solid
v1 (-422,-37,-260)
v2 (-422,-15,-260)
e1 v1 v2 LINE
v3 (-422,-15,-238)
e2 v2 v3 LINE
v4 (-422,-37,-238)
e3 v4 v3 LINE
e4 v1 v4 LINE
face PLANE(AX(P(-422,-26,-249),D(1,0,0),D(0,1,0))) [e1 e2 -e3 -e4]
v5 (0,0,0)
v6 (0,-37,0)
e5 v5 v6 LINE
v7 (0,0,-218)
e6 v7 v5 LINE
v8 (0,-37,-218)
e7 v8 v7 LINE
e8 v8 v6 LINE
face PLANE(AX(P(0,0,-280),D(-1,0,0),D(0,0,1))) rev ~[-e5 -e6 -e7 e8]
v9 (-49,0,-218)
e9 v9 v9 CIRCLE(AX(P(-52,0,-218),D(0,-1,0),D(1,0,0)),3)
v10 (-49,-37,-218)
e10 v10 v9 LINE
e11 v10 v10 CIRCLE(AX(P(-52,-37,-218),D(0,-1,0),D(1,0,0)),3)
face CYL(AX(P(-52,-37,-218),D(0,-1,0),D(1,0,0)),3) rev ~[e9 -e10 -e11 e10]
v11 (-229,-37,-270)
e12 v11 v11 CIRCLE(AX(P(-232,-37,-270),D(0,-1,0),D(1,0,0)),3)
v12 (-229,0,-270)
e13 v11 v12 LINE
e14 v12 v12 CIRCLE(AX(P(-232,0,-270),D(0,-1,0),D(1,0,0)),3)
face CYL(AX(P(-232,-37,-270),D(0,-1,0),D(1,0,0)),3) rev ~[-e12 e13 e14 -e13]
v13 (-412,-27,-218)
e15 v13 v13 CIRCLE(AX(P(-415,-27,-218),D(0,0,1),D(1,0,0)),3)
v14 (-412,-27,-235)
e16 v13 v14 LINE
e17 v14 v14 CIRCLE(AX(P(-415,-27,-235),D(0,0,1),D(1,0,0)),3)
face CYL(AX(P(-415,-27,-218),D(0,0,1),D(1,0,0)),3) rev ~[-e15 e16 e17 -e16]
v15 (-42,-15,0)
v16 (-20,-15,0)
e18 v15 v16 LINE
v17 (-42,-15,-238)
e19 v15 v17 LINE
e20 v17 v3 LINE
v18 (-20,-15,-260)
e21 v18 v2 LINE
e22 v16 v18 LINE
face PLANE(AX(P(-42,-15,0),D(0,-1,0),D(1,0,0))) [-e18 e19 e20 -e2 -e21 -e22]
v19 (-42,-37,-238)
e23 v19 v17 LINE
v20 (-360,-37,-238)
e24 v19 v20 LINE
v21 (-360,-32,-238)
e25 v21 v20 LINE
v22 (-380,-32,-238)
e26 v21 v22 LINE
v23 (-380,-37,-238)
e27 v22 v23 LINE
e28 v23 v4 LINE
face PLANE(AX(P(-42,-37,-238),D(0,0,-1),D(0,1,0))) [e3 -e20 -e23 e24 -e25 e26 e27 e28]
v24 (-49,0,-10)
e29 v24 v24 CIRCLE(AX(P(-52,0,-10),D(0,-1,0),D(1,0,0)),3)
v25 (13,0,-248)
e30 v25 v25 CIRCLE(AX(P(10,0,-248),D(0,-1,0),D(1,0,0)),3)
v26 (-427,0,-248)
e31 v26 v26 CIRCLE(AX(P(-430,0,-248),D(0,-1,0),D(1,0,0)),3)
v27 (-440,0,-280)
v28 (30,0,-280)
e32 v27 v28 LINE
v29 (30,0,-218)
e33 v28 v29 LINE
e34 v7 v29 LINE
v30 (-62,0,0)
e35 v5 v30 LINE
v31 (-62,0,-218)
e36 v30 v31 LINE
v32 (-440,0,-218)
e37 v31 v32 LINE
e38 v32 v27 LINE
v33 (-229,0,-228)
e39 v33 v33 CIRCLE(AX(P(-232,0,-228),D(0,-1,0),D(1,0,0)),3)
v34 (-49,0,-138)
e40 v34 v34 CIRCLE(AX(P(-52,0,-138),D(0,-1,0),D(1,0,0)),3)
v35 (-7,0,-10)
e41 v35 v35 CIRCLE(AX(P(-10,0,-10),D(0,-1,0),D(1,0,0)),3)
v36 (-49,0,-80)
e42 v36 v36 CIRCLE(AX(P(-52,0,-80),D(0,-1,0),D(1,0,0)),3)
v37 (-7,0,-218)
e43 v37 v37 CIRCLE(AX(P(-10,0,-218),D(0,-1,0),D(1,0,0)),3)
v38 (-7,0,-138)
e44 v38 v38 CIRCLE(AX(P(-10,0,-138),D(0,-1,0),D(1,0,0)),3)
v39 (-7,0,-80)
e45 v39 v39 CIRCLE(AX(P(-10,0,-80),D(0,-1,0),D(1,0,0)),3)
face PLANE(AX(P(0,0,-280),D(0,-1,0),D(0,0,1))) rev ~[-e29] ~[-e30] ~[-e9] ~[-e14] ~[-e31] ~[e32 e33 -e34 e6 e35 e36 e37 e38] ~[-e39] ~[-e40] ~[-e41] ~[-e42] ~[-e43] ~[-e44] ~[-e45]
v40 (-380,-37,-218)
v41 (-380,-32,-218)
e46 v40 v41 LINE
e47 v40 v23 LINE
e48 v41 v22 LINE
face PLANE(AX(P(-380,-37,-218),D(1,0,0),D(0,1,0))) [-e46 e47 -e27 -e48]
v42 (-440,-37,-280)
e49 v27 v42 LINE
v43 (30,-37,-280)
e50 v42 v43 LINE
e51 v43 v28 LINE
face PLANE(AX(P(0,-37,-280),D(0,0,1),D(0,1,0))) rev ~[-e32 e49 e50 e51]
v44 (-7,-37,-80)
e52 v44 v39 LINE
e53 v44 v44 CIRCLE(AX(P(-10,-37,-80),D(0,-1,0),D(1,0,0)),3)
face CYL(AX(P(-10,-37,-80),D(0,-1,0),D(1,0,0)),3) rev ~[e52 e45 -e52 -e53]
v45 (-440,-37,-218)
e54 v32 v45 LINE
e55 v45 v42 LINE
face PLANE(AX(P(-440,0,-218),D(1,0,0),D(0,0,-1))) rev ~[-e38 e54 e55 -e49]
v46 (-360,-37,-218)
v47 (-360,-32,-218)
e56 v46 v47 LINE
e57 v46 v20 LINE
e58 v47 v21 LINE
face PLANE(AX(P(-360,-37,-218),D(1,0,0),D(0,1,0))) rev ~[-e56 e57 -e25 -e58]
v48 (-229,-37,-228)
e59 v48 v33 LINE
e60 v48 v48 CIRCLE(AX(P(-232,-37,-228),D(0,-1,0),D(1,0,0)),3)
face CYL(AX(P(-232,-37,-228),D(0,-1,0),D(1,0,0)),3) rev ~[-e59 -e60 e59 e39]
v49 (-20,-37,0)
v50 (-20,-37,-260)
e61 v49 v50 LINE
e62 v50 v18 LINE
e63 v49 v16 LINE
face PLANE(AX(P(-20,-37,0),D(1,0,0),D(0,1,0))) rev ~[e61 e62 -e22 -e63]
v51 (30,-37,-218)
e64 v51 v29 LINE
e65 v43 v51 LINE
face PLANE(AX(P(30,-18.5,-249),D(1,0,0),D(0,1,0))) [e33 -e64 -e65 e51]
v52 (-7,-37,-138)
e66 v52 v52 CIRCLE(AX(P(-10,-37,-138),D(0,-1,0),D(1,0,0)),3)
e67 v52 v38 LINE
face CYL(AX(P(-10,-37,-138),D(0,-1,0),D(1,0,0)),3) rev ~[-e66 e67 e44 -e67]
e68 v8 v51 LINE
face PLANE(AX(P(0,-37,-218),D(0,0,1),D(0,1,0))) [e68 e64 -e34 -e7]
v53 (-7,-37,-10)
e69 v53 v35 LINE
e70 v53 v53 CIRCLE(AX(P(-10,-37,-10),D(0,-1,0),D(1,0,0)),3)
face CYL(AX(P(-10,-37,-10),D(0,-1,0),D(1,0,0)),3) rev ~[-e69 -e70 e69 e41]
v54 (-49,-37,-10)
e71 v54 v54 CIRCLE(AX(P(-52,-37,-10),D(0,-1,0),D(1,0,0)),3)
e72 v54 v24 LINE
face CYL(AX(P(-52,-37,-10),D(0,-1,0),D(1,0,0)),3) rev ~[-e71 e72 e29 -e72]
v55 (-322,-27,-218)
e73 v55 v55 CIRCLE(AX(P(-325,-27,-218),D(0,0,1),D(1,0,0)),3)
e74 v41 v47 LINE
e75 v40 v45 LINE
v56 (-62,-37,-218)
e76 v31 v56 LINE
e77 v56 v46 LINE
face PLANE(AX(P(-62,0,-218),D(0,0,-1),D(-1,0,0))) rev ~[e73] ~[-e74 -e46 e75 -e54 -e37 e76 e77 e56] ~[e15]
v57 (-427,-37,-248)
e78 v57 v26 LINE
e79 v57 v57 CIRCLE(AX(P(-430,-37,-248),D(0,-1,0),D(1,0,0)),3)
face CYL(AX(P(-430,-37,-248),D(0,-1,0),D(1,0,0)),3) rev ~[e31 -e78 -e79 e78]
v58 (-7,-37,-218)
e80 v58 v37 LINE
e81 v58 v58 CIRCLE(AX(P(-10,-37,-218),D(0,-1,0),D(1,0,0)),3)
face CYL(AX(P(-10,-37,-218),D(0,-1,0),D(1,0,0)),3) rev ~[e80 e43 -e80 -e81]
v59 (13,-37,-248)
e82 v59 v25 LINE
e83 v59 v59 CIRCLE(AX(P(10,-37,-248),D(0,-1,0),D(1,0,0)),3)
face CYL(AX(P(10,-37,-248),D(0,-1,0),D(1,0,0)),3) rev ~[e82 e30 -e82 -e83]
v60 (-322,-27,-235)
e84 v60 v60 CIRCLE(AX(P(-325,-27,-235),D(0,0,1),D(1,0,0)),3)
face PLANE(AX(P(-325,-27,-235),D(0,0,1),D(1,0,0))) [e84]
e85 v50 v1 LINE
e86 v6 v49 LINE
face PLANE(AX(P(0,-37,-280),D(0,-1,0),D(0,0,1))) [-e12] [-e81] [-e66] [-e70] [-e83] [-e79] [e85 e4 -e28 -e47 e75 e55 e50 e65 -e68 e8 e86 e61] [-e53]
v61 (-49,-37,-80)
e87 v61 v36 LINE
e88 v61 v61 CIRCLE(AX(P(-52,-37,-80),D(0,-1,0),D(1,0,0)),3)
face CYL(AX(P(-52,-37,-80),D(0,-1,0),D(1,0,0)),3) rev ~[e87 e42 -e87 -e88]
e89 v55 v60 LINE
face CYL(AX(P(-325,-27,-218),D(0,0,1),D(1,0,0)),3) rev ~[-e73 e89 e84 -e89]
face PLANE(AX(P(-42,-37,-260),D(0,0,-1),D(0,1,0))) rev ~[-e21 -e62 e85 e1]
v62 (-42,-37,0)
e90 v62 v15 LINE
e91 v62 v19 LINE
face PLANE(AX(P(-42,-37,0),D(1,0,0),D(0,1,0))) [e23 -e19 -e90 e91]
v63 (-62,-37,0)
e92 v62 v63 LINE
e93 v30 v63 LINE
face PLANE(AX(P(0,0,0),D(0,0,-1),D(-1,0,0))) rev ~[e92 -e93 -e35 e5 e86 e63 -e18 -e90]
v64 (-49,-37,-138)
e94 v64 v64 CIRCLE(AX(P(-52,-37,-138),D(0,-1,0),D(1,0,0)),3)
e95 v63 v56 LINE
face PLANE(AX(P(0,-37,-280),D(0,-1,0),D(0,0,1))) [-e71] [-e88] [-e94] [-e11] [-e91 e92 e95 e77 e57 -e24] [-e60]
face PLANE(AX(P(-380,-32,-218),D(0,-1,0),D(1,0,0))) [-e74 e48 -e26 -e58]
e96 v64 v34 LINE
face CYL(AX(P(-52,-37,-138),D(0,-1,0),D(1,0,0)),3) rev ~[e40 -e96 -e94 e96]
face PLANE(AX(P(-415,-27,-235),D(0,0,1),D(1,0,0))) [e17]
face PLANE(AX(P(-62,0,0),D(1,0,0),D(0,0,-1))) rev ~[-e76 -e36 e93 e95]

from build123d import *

# Parameters (mm, degrees)
F1_DEPTH  = 37
F2_W      = 22
F2_H      = 22
F3_DEPTH  = 260
F4_W      = 37
F4_H      = 62
F5_DEPTH  = 30
F6_W      = 22
F6_H      = 22
F7_DEPTH  = 380
F8_W      = 20
F8_H      = 5
F9_DEPTH  = 25
F10_R     = 3
F11_DEPTH = 37.001
F13_R     = 3
F14_DEPTH = 17


with BuildPart() as f1:
    # F0 (on Front) → F1 (new body)
    with BuildSketch(Plane.XZ):
        Polygon((0, -280), (0, 0), (-62, 0), (-62, -218), (-440, -218), (-440, -280), align=None)
    extrude(amount=F1_DEPTH)

    # F2 (on face) → F3 (cut)
    with BuildSketch(Plane.XY):
        with Locations((-31, -26)):
            Rectangle(F2_W, F2_H)
    extrude(amount=-F3_DEPTH, mode=Mode.SUBTRACT)

    # F4 (on face) → F5 (join)
    with BuildSketch(Plane.YZ):
        with Locations((-18.5, -249)):
            Rectangle(F4_W, F4_H)
    extrude(amount=F5_DEPTH)

    # F6 (on face) → F7 (cut)
    with BuildSketch(Plane.YZ.offset(-42)):
        with Locations((-26, -249)):
            Rectangle(F6_W, F6_H)
    extrude(amount=-F7_DEPTH, mode=Mode.SUBTRACT)

    # F8 (on face) → F9 (cut)
    with BuildSketch(Plane.XY.offset(-218)):
        with Locations((-370, -34.5)):
            Rectangle(F8_W, F8_H)
    extrude(amount=-F9_DEPTH, mode=Mode.SUBTRACT)

    # F10 (on face) → F11 (cut, through all)
    with BuildSketch(Plane.XZ.offset(37)):
        with Locations((-52, -10)):
            Circle(F10_R)
        with Locations((-10, -10)):
            Circle(F10_R)
        with Locations((-52, -80)):
            Circle(F10_R)
        with Locations((-10, -80)):
            Circle(F10_R)
        with Locations((-52, -138)):
            Circle(F10_R)
        with Locations((-10, -138)):
            Circle(F10_R)
        with Locations((-52, -218)):
            Circle(F10_R)
        with Locations((-10, -218)):
            Circle(F10_R)
        with Locations((10, -248)):
            Circle(F10_R)
        with Locations((-232, -270)):
            Circle(F10_R)
        with Locations((-232, -228)):
            Circle(F10_R)
        with Locations((-430, -248)):
            Circle(F10_R)
    extrude(amount=-F11_DEPTH, mode=Mode.SUBTRACT)

    # F13 (on face) → F14 (cut)
    with BuildSketch(Plane.XY.offset(-218)):
        with Locations((-415, -27)):
            Circle(F13_R)
        with Locations((-325, -27)):
            Circle(F13_R)
    extrude(amount=-F14_DEPTH, mode=Mode.SUBTRACT)


solid = f1.part
